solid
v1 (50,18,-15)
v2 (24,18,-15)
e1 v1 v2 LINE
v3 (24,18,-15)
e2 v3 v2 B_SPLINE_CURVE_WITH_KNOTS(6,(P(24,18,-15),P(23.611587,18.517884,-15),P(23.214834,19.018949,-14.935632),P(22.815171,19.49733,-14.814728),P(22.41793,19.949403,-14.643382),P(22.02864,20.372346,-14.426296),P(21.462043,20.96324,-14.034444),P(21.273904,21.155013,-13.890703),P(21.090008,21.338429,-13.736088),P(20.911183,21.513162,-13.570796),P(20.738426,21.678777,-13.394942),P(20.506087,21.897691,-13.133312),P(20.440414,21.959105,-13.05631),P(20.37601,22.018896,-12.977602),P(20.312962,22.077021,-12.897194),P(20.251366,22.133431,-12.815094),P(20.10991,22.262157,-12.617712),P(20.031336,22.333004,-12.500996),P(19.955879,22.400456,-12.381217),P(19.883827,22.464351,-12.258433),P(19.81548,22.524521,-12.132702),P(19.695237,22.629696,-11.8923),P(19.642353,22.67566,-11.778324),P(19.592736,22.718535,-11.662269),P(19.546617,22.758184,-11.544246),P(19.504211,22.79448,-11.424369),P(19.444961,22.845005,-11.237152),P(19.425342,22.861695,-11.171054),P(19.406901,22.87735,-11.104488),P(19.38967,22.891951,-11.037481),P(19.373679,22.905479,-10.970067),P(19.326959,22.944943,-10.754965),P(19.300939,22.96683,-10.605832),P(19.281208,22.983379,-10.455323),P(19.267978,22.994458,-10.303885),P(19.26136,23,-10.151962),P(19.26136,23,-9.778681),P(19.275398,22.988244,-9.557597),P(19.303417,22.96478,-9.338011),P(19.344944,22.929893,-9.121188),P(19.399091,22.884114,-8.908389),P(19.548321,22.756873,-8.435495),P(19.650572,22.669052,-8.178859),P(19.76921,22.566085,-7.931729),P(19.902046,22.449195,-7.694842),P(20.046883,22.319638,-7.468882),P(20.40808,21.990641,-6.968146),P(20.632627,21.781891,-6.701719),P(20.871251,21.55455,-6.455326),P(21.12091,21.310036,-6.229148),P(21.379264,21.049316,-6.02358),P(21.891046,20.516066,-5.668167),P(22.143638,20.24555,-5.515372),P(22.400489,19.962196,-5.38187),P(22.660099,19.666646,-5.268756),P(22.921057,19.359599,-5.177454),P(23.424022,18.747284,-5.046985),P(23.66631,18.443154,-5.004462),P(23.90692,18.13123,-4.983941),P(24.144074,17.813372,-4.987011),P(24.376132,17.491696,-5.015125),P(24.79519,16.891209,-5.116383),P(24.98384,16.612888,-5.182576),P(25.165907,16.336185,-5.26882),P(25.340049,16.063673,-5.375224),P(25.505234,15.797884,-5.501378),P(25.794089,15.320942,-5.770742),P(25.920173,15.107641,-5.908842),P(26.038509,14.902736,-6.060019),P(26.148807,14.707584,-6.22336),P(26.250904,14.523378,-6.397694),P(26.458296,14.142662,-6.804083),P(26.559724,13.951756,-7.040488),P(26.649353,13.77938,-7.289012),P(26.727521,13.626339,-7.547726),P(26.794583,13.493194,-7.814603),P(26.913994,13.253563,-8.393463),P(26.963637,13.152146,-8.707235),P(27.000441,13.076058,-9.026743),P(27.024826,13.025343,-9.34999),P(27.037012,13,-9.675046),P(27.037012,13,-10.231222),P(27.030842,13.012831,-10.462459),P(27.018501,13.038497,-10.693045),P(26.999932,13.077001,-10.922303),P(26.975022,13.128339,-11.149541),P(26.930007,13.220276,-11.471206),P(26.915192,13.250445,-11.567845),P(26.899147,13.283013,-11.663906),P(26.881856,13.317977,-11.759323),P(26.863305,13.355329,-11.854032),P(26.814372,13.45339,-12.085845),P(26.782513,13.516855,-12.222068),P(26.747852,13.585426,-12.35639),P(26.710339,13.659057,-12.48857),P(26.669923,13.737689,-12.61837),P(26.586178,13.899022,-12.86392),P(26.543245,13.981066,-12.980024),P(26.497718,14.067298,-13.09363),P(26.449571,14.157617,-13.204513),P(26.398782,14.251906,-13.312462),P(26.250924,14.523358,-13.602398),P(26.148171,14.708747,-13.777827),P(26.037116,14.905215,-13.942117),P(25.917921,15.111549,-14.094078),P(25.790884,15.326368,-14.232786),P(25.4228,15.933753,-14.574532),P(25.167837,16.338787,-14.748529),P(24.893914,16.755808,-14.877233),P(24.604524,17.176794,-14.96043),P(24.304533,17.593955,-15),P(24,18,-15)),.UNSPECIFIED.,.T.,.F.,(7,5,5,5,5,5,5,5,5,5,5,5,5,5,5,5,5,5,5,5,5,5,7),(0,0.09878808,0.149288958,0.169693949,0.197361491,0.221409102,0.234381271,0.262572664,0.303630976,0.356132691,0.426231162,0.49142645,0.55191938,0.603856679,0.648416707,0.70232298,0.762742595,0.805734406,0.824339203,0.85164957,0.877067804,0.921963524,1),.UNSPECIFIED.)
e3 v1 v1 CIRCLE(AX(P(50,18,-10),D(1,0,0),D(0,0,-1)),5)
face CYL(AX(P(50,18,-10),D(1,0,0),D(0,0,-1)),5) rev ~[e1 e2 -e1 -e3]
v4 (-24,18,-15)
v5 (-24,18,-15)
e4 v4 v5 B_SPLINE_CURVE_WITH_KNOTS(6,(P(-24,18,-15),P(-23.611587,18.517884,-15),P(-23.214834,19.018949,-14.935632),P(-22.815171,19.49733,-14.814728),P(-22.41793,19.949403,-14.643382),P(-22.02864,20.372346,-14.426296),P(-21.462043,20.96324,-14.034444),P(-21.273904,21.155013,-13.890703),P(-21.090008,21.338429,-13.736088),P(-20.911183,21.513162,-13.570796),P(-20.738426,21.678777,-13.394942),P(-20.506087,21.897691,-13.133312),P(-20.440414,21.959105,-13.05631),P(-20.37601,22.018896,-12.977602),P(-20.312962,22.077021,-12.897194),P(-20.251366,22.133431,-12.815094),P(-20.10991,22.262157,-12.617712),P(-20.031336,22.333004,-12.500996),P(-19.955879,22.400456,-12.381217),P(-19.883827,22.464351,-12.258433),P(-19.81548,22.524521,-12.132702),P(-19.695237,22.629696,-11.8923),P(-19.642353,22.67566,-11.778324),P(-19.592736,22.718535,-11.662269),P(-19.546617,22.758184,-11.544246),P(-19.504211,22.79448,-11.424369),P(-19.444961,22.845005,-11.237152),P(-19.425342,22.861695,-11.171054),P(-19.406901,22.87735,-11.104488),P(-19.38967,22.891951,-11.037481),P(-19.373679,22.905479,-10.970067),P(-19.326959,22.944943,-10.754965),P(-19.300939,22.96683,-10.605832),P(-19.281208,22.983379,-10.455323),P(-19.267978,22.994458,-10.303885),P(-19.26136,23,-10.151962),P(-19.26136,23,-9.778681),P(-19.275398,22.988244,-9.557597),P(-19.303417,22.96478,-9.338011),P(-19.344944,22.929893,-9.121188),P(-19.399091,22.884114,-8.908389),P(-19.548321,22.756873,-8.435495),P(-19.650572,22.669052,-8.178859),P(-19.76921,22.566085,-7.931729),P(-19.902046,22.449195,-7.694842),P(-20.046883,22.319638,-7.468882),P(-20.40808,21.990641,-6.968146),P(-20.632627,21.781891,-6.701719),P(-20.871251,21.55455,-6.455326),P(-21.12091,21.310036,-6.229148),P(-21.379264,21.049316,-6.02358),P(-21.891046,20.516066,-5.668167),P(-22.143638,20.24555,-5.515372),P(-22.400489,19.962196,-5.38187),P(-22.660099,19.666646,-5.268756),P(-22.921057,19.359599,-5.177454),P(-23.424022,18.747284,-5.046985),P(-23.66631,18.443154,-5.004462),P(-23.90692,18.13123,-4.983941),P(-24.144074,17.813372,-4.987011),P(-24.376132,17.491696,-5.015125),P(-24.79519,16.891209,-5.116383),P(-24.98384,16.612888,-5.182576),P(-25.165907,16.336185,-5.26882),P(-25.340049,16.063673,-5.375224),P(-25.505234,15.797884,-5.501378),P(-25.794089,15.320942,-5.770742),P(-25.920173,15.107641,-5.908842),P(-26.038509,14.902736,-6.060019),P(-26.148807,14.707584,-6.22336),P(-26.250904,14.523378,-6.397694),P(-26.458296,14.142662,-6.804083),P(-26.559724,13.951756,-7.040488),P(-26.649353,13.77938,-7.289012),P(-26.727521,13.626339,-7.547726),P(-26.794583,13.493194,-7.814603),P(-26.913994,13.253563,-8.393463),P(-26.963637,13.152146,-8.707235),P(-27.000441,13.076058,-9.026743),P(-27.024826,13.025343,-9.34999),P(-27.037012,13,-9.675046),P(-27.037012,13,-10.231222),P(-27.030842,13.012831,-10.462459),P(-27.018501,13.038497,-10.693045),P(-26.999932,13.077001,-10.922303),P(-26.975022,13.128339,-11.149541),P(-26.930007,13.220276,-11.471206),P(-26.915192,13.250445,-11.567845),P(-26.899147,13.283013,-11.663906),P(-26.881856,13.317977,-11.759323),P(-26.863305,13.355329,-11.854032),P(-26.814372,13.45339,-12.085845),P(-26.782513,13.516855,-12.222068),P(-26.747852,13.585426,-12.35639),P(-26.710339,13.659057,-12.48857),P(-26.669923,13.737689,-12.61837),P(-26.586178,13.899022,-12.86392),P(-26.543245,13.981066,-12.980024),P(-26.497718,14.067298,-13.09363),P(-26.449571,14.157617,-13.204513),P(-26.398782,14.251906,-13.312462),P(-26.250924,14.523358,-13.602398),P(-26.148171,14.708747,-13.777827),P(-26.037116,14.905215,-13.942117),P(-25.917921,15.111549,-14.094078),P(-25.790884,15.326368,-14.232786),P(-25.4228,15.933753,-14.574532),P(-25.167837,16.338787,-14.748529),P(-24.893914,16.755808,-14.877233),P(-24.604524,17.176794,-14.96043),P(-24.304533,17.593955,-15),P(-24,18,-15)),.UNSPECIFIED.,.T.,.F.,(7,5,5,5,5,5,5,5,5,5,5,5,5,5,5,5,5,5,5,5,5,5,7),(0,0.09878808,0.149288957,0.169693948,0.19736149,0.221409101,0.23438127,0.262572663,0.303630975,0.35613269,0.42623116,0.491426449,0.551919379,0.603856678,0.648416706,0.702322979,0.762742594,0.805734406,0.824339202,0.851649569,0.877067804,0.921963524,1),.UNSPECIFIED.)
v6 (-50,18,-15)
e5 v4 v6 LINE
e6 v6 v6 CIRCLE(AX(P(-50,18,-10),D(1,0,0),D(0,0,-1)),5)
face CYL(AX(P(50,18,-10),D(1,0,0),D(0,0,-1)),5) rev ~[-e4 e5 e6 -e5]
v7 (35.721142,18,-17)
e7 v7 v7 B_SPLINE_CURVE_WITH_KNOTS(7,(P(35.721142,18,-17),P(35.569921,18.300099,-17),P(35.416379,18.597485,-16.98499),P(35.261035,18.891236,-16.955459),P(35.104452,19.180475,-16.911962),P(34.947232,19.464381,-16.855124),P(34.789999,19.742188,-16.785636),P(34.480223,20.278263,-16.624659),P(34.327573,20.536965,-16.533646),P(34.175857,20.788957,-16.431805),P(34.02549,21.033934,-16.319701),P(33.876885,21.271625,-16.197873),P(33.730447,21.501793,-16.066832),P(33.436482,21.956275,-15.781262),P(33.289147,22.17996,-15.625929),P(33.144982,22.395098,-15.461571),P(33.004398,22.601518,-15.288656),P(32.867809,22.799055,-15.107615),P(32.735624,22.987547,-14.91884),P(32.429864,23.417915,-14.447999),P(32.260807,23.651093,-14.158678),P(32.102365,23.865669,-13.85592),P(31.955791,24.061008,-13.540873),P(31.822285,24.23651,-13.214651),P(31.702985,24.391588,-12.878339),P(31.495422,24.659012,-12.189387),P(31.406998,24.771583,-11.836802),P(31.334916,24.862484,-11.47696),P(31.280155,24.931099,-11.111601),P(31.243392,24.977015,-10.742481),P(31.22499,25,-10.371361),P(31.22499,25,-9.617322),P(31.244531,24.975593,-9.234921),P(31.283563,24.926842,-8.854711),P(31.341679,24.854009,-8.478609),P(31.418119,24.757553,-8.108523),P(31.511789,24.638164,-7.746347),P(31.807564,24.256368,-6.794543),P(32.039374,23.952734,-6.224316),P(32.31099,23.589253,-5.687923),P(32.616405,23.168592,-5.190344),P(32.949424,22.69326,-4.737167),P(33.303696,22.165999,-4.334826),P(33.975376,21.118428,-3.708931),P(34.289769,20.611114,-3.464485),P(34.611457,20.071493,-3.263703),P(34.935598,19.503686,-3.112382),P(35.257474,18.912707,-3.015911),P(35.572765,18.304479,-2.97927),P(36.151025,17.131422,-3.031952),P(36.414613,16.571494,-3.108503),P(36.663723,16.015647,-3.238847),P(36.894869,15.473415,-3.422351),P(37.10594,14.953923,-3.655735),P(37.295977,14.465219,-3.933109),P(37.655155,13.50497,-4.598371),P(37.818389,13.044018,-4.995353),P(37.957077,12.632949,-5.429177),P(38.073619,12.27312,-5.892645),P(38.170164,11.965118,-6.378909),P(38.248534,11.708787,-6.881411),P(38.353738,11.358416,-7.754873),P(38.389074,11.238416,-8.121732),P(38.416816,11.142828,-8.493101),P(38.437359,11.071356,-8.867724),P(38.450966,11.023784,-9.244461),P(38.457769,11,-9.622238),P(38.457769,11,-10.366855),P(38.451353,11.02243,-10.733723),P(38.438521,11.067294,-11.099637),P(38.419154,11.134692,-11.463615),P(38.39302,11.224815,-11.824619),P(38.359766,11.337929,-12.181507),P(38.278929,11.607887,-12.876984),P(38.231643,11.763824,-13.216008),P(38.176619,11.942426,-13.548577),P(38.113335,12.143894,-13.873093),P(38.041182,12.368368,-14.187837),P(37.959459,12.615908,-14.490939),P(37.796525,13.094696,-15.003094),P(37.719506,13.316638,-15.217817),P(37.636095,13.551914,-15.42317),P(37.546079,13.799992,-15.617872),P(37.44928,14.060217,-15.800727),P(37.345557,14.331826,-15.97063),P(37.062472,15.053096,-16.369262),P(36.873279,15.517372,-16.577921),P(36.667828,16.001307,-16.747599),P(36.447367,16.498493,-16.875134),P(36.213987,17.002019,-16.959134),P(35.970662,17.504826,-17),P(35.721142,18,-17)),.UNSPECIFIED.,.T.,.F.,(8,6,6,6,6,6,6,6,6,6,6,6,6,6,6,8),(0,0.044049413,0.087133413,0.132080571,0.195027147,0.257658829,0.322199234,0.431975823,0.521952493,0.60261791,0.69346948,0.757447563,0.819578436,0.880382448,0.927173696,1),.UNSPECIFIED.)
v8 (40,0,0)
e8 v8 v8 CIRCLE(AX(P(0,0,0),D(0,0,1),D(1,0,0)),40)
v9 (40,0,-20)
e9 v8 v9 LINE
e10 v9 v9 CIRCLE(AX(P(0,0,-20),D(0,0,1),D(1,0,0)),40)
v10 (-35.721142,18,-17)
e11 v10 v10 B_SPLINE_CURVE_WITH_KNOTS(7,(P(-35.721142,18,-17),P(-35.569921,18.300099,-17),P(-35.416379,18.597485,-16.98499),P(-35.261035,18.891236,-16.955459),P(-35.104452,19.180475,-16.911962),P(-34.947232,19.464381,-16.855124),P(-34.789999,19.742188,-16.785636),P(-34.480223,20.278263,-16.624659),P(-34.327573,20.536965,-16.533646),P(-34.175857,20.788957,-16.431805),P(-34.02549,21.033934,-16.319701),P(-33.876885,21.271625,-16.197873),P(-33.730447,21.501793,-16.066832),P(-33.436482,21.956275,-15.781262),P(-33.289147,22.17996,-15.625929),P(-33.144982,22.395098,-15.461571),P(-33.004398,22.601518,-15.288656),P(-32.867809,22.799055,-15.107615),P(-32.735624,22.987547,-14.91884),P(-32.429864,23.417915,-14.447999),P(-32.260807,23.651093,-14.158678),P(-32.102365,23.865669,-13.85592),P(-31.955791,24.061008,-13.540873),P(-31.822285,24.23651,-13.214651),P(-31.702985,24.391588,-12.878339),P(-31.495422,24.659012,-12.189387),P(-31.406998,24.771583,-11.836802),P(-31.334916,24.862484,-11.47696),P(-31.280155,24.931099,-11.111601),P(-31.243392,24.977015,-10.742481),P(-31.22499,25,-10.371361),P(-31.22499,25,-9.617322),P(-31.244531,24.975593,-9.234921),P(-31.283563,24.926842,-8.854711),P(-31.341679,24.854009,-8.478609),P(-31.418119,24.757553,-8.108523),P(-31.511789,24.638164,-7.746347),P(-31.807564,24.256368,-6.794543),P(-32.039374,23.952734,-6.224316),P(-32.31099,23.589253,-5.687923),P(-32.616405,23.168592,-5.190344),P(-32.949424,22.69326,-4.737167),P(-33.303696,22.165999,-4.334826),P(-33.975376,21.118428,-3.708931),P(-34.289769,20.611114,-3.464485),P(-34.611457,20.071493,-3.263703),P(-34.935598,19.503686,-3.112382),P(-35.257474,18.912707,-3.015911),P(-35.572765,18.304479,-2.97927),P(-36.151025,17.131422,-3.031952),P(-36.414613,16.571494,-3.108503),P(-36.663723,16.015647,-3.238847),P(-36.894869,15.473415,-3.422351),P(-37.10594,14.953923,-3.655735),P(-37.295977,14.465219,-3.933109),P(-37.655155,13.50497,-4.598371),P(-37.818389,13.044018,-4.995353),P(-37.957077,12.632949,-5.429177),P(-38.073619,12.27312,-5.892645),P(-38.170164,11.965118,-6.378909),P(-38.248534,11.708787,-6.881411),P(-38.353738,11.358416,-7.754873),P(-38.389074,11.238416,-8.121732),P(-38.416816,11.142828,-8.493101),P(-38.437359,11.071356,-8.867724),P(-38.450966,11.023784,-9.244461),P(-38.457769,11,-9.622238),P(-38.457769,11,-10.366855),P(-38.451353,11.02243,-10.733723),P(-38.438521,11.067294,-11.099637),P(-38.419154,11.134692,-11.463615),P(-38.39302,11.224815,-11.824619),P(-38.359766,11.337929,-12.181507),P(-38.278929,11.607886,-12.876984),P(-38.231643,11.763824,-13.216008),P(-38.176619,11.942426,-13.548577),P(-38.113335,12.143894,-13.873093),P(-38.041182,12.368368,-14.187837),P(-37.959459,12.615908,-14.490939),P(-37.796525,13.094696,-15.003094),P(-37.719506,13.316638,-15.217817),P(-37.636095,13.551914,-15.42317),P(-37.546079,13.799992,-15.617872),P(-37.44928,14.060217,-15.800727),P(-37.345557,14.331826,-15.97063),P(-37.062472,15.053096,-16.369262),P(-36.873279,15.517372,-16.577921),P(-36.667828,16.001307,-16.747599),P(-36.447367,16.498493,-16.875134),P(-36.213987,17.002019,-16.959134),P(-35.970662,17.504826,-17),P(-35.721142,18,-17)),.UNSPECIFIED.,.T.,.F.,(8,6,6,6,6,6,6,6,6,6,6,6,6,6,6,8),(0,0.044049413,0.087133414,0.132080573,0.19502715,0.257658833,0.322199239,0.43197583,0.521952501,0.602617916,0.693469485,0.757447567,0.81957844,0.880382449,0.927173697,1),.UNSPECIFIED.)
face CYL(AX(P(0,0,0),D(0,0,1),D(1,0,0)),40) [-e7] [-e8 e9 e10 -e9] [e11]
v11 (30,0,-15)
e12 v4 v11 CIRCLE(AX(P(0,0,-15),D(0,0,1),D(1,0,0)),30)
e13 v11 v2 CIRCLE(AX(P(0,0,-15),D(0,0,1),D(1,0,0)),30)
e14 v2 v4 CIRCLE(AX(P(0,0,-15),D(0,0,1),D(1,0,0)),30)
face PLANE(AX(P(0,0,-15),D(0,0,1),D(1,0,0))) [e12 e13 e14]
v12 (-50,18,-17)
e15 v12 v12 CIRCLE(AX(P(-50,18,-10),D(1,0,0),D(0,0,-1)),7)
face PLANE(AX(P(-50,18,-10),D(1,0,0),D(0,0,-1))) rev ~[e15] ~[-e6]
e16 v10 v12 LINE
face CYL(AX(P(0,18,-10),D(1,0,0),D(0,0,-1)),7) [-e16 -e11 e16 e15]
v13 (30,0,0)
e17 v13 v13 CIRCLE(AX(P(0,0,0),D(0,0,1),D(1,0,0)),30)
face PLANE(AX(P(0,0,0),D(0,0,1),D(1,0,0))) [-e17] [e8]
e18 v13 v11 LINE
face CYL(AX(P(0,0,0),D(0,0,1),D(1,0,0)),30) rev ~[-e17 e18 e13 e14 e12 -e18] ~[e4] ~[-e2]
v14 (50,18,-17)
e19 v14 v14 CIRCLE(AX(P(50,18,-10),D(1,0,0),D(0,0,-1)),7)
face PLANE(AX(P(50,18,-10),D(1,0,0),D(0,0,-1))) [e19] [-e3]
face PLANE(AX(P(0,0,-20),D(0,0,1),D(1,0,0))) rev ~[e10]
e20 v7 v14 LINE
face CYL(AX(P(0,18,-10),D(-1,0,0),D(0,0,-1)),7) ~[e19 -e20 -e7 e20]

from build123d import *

# Parameters (mm, degrees)
SKETCH1_R                = 40
BOSS_EXTRUDE1_DEPTH      = 20
BOSS_EXTRUDE2_DEPTH      = 50
BOSS_EXTRUDE2_DEPTH_BACK = 50
SKETCH3_R                = 7
SKETCH5_R                = 5
CUT_EXTRUDE2_DEPTH       = 110.544511647
SKETCH2_R                = 30
CUT_EXTRUDE3_DEPTH       = 15


with BuildPart() as part:
    # Sketch1 → Boss-Extrude1 (new body)
    with BuildSketch(Plane.XY):
        Circle(SKETCH1_R)
    extrude(amount=-BOSS_EXTRUDE1_DEPTH)

    # Sketch3 → Boss-Extrude2 (add, two sides: drawn at the far end of the back side and taken through both)
    with BuildSketch(Plane(origin=(0, 0, 0), x_dir=(0, 0, -1), z_dir=(1, 0, 0)).offset(-BOSS_EXTRUDE2_DEPTH_BACK)):
        with Locations((10, 18)):
            Circle(SKETCH3_R)
    extrude(amount=BOSS_EXTRUDE2_DEPTH + BOSS_EXTRUDE2_DEPTH_BACK)

    # Sketch5 → Cut-Extrude2 (cut, through all)
    with BuildSketch(Plane(origin=(50, 0, 0), x_dir=(0, 0, -1), z_dir=(1, 0, 0))):
        with Locations((10, 18)):
            Circle(SKETCH5_R)
    extrude(amount=-CUT_EXTRUDE2_DEPTH, mode=Mode.SUBTRACT)

    # Sketch2 → Cut-Extrude3 (cut)
    with BuildSketch(Plane.XY):
        Circle(SKETCH2_R)
    extrude(amount=-CUT_EXTRUDE3_DEPTH, mode=Mode.SUBTRACT)


solid = part.part
